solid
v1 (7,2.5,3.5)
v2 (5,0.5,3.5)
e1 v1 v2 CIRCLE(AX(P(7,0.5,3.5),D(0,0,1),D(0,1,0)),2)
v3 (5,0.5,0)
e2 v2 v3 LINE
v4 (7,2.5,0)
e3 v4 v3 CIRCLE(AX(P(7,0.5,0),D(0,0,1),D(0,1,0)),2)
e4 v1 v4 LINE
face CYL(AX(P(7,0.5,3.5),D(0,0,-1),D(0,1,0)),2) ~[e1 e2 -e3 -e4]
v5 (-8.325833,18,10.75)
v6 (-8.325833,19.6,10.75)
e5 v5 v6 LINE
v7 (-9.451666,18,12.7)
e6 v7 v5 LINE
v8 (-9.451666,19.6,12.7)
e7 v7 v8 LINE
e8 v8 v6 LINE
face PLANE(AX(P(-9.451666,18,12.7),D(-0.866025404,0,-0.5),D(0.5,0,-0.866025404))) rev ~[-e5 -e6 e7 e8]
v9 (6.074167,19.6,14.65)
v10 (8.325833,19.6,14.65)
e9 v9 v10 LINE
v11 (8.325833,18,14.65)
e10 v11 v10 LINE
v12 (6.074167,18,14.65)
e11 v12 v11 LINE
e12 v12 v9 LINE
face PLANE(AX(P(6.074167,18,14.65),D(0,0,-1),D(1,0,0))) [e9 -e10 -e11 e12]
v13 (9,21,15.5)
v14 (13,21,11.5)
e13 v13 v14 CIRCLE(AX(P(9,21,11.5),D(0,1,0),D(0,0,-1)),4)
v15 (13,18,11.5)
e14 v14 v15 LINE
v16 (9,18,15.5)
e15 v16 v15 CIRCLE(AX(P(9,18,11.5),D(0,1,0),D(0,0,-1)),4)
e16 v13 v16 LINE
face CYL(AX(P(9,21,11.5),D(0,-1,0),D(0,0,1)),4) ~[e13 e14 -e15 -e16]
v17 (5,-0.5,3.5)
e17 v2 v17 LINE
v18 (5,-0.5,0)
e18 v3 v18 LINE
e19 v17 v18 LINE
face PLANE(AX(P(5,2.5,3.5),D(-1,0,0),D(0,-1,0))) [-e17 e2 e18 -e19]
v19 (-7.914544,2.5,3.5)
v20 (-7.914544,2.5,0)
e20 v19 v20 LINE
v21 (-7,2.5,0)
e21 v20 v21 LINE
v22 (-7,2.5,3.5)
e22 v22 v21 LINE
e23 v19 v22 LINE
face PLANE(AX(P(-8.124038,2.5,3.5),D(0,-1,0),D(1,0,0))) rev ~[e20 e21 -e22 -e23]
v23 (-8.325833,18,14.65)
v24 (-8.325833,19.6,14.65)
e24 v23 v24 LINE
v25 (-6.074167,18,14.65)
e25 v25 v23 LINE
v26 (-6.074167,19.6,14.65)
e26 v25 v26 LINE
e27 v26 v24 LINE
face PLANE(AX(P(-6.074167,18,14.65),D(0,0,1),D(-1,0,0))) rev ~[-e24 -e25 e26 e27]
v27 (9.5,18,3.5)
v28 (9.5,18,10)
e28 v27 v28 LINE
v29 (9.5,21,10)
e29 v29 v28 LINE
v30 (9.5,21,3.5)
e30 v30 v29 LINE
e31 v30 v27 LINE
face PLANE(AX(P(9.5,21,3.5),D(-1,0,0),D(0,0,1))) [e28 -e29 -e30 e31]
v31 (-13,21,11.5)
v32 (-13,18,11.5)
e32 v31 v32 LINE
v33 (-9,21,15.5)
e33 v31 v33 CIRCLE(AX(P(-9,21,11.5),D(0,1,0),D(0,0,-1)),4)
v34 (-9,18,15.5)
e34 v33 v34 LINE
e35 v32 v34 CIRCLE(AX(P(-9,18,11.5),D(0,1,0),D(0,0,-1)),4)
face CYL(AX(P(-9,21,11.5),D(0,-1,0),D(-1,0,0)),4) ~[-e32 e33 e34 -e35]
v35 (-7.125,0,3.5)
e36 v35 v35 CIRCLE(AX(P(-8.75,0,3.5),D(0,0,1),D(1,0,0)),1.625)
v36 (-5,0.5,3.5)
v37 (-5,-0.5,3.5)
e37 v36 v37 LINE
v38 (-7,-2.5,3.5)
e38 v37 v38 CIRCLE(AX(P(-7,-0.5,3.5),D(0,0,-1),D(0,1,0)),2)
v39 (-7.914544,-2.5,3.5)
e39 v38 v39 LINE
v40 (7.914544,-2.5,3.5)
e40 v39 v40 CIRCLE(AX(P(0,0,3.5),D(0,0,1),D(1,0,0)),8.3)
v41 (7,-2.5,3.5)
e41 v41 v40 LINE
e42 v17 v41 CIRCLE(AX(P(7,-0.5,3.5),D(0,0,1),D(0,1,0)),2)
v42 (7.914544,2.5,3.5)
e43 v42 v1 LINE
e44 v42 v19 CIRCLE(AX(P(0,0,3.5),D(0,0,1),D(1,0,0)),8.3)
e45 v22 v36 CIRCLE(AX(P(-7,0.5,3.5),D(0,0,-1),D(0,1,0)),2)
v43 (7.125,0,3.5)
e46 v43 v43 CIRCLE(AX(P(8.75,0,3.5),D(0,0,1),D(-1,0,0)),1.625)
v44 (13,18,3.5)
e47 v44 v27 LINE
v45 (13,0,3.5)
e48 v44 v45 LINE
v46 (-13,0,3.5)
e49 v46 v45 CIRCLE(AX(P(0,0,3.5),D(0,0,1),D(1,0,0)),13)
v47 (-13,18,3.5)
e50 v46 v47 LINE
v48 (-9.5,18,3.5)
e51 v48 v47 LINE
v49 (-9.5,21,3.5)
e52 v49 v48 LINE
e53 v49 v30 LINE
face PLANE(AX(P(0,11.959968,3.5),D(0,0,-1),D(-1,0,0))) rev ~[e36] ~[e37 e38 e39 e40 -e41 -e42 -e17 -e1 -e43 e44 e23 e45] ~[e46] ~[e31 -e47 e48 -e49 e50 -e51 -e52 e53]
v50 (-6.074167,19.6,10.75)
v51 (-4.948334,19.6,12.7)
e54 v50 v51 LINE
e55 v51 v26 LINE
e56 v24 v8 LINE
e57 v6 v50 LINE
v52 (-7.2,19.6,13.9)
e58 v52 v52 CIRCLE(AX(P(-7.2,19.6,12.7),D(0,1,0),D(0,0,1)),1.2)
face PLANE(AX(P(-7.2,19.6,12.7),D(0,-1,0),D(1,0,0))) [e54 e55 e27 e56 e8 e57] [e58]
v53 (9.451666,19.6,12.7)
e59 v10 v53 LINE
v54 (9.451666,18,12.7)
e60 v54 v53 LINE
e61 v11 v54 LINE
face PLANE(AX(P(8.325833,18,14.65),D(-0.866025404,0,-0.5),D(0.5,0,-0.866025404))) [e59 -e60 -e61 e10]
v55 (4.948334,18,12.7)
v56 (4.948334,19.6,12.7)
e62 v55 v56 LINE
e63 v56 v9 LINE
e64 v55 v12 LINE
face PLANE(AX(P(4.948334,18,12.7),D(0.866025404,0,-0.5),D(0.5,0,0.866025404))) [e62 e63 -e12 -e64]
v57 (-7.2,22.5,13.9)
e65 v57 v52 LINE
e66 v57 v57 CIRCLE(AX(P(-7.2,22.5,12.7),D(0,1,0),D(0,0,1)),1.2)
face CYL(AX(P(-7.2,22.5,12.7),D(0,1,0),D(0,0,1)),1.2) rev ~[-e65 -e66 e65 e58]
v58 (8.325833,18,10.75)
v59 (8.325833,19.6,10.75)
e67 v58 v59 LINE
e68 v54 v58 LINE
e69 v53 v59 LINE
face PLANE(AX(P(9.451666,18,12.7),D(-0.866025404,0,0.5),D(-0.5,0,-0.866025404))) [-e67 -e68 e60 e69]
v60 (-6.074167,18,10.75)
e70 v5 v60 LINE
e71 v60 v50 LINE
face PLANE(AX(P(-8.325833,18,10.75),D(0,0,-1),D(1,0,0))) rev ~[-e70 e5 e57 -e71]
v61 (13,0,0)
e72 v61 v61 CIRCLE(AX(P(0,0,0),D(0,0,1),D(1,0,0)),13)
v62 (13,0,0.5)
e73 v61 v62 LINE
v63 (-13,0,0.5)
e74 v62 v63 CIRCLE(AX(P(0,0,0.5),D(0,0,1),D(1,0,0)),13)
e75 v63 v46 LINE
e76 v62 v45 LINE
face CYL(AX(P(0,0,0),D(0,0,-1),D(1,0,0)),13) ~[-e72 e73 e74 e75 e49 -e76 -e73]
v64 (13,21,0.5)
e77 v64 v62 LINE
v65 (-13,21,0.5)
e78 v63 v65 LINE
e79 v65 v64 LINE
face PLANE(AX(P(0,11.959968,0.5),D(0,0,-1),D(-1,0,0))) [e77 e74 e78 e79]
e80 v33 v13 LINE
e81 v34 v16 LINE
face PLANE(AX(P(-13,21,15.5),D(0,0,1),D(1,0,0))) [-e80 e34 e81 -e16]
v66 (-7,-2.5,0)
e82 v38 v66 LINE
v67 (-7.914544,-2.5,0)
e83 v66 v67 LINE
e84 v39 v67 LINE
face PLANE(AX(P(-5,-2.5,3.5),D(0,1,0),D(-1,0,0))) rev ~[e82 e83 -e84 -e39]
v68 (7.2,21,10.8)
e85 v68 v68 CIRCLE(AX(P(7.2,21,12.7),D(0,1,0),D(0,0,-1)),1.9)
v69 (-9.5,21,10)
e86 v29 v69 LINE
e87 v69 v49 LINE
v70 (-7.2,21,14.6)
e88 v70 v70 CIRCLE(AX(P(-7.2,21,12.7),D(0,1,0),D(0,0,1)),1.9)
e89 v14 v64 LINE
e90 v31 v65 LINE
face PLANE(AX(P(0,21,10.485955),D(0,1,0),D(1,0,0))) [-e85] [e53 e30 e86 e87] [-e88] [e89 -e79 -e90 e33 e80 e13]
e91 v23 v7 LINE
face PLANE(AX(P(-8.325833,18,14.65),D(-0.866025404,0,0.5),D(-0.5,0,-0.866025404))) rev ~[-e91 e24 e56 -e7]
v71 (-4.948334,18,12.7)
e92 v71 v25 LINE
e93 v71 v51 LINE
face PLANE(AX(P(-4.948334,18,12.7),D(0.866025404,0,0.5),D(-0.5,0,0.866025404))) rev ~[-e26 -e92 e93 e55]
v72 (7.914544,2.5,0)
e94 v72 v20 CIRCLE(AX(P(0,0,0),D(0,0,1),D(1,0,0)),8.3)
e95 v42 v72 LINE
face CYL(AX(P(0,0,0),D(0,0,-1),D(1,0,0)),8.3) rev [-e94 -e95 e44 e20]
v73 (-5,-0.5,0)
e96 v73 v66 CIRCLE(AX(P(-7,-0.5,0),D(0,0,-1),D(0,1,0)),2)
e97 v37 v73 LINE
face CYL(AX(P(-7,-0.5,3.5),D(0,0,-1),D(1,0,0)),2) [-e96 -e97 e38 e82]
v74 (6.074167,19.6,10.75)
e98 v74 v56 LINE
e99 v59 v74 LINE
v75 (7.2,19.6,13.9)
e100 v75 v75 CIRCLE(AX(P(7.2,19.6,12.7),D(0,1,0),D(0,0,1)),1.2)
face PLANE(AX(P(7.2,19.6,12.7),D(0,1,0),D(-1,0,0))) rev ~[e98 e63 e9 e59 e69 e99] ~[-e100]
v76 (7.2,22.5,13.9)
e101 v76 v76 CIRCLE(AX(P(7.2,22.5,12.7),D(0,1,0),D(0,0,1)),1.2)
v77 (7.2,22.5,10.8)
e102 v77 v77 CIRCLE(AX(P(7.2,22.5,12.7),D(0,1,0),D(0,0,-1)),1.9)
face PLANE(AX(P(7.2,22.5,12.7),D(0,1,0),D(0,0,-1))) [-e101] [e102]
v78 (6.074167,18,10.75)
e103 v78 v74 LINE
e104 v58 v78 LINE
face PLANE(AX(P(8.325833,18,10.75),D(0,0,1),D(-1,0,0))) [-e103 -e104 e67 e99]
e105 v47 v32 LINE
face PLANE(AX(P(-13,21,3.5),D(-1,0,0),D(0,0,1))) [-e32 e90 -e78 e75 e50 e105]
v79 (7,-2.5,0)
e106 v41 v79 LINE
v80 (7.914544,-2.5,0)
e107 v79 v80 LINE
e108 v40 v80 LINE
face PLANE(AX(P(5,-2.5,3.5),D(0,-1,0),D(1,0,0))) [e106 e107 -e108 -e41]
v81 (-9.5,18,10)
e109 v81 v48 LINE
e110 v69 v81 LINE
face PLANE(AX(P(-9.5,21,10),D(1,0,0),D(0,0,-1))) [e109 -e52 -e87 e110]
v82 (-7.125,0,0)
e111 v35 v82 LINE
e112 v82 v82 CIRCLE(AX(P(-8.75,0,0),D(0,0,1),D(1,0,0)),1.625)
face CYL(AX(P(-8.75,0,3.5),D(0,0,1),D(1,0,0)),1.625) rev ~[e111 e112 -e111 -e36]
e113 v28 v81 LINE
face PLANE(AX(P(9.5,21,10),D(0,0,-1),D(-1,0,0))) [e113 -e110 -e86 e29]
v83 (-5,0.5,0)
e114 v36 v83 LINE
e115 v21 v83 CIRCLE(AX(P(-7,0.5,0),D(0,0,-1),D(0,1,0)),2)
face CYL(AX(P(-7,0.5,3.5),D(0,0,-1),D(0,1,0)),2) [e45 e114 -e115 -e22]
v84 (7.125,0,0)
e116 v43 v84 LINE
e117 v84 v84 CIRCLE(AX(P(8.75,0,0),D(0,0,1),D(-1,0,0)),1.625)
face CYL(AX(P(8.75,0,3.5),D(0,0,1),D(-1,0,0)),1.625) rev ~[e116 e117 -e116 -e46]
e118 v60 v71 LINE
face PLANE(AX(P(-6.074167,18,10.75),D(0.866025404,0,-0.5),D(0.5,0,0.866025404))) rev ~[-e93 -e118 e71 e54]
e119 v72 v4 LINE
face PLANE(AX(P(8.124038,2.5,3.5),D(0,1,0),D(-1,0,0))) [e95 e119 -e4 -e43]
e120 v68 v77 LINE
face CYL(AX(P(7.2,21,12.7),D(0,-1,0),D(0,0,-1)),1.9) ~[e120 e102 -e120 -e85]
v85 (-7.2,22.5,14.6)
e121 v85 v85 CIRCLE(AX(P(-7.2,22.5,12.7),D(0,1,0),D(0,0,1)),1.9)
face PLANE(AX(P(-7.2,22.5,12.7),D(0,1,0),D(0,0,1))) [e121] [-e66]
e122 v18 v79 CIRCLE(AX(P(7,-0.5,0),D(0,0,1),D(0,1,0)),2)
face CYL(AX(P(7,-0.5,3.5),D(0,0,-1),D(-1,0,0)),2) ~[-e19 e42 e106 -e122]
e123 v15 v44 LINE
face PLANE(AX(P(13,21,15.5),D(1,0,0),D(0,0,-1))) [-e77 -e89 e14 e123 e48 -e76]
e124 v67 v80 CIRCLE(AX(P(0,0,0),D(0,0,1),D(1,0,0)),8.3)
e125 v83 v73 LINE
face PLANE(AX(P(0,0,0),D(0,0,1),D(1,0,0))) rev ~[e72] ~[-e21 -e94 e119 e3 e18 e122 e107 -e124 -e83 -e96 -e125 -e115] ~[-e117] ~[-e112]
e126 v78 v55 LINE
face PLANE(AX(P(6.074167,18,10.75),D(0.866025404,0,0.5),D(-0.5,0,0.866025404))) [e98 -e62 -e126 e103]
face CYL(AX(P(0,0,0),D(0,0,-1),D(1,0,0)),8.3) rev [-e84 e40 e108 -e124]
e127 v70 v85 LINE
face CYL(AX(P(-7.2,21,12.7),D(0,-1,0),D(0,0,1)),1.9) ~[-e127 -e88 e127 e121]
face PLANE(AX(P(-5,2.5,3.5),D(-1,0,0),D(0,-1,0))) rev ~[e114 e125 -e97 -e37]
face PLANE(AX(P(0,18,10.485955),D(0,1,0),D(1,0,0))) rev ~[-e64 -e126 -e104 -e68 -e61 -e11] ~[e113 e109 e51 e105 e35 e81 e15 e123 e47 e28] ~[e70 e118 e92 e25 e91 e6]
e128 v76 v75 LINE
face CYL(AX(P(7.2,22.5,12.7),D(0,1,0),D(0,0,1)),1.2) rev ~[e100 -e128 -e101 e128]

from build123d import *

# Parameters (mm, degrees)
ESBO_O1_R                = 13
ESBO_O1_R_2              = 8.3
RESSALTO_EXTRUS_O1_DEPTH = 3.5
RESSALTO_EXTRUS_O2_DEPTH = 3.5
ESBO_O4_R                = 1.625
CORTE_EXTRUS_O2_DEPTH    = 19.714967272
FILETE1_R                = 2
RESSALTO_EXTRUS_O4_START = -3
RESSALTO_EXTRUS_O4_DEPTH = 3
RESSALTO_EXTRUS_O5_DEPTH = 3
ESBO_O9_R                = 1.9
RESSALTO_EXTRUS_O6_DEPTH = 1.5
ESBO_O10_R               = 1.2
CORTE_EXTRUS_O3_DEPTH    = 41.859515416
CORTE_EXTRUS_O4_DEPTH    = 1.6
FILETE2_R                = 4


with BuildPart() as part:
    # Esboço1 → Ressalto-extrusão1 (new body)
    with BuildSketch(Plane.XY):
        Circle(ESBO_O1_R)
        Circle(ESBO_O1_R_2, mode=Mode.SUBTRACT)
    extrude(amount=RESSALTO_EXTRUS_O1_DEPTH)

    # Esboço3 → Ressalto-extrusão2 (add, through all)
    with BuildSketch(Plane.XY.offset(3.5)):
        with BuildLine():
            Line((-8.124038405, 2.5), (-5, 2.5))
            Line((-5, 2.5), (-5, -2.5))
            Line((-5, -2.5), (-8.124038405, -2.5))
            ThreePointArc((-8.124038405, -2.5), (-8.5, 0), (-8.124038405, 2.5))
        make_face()
        with BuildLine():
            Line((5, 2.5), (5, -2.5))
            Line((5, -2.5), (8.124038405, -2.5))
            ThreePointArc((8.124038405, -2.5), (8.5, 0), (8.124038405, 2.5))
            Line((8.124038405, 2.5), (5, 2.5))
        make_face()
    extrude(amount=-RESSALTO_EXTRUS_O2_DEPTH)

    # Esboço4 → Corte-extrusão2 (cut, through all)
    with BuildSketch(Plane.XY.offset(3.5)):
        with Locations((-8.75, 0)):
            Circle(ESBO_O4_R)
        with Locations(Location((8.75, 0, 0), (0, 0, 180))):
            Circle(ESBO_O4_R)
    extrude(amount=-CORTE_EXTRUS_O2_DEPTH, mode=Mode.SUBTRACT)

    # Filete1
    filete1_edges = [part.edges().sort_by_distance(p)[0] for p in [
        (-5, 2.5, 1.75),
        (-5, -2.5, 1.75),
        (5, -2.5, 1.75),
        (5, 2.5, 1.75),
    ]]
    fillet(filete1_edges, radius=FILETE1_R)

    # Esboço7 → Ressalto-extrusão4 (add)
    with BuildSketch(Plane.XY.offset(3.5).offset(RESSALTO_EXTRUS_O4_START)):
        with BuildLine():
            Line((-13, 0), (-13, 21))
            Line((-13, 21), (13, 21))
            Line((13, 21), (13, 0))
            ThreePointArc((13, 0), (0, 13), (-13, 0))
        make_face()
    extrude(amount=RESSALTO_EXTRUS_O4_DEPTH)

    # Esboço8 → Ressalto-extrusão5 (add)
    with BuildSketch(Plane(origin=(0, 21, 0), x_dir=(1, 0, 0), z_dir=(0, 1, 0))):
        Polygon((-13, -3.5), (-13, -15.5), (13, -15.5), (13, -3.5), (9.5, -3.5), (9.5, -10), (-9.5, -10), (-9.5, -3.5), align=None)
    extrude(amount=-RESSALTO_EXTRUS_O5_DEPTH)

    # Esboço9 → Ressalto-extrusão6 (add)
    with BuildSketch(Plane(origin=(0, 21, 0), x_dir=(1, 0, 0), z_dir=(0, 1, 0))):
        with Locations(Location((-7.2, -12.7, 0), (0, 0, 270))):
            Circle(ESBO_O9_R)
        with Locations(Location((7.2, -12.7, 0), (0, 0, 90))):
            Circle(ESBO_O9_R)
    extrude(amount=RESSALTO_EXTRUS_O6_DEPTH)

    # Esboço10 → Corte-extrusão3 (cut, through all)
    with BuildSketch(Plane(origin=(0, 22.5, 0), x_dir=(1, 0, 0), z_dir=(0, 1, 0))):
        with Locations(Location((-7.2, -12.7, 0), (0, 0, 270))):
            Circle(ESBO_O10_R)
        with Locations(Location((7.2, -12.7, 0), (0, 0, 270))):
            Circle(ESBO_O10_R)
    extrude(amount=-CORTE_EXTRUS_O3_DEPTH, mode=Mode.SUBTRACT)

    # Esboço11 → Corte-extrusão4 (cut)
    with BuildSketch(Plane.XZ.offset(-18)):
        Polygon((-4.94833395, 12.7), (-6.074166975, 14.65), (-8.325833025, 14.65), (-9.45166605, 12.7), (-8.325833025, 10.75), (-6.074166975, 10.75), align=None)
        Polygon((6.074166975, 10.75), (4.94833395, 12.7), (6.074166975, 14.65), (8.325833025, 14.65), (9.45166605, 12.7), (8.325833025, 10.75), align=None)
    extrude(amount=-CORTE_EXTRUS_O4_DEPTH, mode=Mode.SUBTRACT)

    # Filete2
    filete2_edges = [part.edges().sort_by_distance(p)[0] for p in [
        (13, 19.5, 15.5),
        (-13, 19.5, 15.5),
    ]]
    fillet(filete2_edges, radius=FILETE2_R)


solid = part.part
